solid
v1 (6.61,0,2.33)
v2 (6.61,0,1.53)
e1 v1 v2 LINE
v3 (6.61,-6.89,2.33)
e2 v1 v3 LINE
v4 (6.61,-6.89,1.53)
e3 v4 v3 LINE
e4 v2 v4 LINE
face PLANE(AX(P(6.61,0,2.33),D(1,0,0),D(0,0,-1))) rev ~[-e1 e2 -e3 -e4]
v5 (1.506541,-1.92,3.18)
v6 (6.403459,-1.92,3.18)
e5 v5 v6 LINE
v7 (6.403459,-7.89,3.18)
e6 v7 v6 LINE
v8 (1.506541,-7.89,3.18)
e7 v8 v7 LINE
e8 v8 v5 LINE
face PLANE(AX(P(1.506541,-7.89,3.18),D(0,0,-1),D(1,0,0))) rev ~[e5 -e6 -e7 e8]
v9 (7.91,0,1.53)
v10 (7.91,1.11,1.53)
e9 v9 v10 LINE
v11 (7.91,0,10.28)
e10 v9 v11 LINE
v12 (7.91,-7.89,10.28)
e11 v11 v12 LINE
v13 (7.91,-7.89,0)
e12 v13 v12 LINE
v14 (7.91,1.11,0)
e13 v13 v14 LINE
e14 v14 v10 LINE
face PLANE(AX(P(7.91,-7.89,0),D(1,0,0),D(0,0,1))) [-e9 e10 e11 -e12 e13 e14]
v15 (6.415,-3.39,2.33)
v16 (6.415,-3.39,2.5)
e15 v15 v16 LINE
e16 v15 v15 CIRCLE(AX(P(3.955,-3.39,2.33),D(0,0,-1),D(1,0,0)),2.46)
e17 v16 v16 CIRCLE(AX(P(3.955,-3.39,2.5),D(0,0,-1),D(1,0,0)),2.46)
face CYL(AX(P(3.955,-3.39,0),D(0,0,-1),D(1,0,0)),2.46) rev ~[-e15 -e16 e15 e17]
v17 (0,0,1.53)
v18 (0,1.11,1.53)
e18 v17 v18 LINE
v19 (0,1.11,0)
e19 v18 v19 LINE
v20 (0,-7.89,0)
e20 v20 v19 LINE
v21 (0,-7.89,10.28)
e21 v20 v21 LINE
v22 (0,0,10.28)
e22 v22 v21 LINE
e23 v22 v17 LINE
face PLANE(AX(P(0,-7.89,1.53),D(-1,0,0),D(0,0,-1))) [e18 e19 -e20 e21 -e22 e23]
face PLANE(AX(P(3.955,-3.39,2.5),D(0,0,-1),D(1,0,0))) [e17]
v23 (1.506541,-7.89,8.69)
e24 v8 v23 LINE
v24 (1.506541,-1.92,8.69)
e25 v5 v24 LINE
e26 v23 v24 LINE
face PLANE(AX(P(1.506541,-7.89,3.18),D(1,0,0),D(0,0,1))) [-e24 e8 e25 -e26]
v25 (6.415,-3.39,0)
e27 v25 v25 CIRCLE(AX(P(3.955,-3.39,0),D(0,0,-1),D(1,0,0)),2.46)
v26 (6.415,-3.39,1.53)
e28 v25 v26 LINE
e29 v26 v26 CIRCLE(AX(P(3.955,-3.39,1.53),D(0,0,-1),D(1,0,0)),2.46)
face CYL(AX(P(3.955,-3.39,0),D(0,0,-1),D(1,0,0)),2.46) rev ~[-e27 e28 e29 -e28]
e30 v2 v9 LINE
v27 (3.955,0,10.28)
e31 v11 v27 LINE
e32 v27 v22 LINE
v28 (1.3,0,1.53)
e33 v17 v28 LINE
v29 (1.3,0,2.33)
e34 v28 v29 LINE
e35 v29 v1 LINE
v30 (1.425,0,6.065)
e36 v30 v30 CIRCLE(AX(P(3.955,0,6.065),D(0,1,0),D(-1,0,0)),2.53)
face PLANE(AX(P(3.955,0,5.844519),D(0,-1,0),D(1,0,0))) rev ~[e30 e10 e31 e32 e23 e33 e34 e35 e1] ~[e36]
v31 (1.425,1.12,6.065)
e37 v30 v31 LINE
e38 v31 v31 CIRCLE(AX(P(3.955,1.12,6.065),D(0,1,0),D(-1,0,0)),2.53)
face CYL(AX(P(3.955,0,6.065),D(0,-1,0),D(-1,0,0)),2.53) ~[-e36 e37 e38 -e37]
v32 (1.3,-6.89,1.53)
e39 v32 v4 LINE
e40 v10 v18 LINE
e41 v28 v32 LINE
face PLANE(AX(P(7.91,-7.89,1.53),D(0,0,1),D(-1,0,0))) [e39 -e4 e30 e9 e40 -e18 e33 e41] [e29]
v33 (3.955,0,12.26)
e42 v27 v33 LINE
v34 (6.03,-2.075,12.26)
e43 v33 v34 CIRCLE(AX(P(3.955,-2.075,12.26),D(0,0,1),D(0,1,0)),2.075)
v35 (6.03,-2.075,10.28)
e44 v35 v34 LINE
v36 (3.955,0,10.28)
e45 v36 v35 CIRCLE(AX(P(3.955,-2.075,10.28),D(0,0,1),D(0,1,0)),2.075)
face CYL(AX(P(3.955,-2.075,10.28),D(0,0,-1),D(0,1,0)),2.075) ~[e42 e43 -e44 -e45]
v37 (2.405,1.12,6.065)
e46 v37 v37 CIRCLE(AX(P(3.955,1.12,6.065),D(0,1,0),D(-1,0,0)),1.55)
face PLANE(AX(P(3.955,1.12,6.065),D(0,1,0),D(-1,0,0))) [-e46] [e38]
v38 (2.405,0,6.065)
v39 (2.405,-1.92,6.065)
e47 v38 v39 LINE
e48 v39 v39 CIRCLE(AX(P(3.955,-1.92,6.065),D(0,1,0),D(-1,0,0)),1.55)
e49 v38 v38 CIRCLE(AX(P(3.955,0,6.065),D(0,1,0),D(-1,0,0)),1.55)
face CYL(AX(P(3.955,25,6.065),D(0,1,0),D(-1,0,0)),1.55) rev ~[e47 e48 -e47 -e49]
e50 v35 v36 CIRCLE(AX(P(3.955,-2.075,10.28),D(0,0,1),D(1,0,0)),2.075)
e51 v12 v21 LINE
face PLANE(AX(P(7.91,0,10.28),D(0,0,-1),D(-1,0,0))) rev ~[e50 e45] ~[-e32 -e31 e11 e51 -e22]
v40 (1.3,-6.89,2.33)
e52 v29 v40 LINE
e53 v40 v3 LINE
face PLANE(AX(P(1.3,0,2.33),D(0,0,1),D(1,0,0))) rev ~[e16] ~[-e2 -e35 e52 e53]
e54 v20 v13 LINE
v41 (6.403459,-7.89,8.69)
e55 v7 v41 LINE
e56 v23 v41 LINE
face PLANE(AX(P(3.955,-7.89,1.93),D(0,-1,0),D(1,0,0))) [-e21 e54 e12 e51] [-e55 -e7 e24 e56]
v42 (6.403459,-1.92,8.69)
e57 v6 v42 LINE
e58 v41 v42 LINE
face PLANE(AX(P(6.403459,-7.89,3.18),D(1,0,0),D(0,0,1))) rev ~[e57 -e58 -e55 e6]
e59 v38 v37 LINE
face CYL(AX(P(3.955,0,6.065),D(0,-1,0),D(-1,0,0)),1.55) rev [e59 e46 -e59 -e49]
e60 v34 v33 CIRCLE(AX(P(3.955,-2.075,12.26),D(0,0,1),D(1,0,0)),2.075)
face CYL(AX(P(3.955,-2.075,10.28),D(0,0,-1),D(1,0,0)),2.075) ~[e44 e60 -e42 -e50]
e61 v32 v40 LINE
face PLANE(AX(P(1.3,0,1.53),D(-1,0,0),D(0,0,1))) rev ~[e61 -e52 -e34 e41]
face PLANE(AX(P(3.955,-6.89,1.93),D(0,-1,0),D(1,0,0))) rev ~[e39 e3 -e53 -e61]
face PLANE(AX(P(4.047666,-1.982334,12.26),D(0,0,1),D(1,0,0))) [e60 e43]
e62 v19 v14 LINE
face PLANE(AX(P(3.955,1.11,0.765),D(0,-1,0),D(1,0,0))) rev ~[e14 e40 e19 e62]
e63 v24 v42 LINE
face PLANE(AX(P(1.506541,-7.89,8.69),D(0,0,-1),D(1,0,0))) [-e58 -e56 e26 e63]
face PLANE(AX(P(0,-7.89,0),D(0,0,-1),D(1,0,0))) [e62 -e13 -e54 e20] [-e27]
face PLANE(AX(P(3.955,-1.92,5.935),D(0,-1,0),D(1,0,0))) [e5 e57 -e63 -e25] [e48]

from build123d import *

# Parameters (mm, degrees)
F1_DEPTH  = 7.89
F3_DEPTH  = 9
F4_R      = 1.55
F5_DEPTH  = 25
F6_DEPTH  = 33
F7_R      = 2.53
F7_R_2    = 1.55
F8_DEPTH  = 1.12
F10_DEPTH = 1.98
F11_W     = 5.31
F11_H     = 0.8
F12_DEPTH = 1
F13_W     = 4.8969178084
F13_H     = 5.51
F14_DEPTH = 5.97
F15_R     = 2.46
F16_DEPTH = 2.5


with BuildPart() as f1:
    # F0 (on Front) → F1 (new body)
    with BuildSketch(Plane.XZ):
        Polygon((0, 10.28), (0, 1.53), (1.3, 1.53), (1.3, 2.33), (6.61, 2.33), (6.61, 1.53), (7.91, 1.53), (7.91, 10.28), align=None)
    extrude(amount=F1_DEPTH)

    # F2 (on face) → F3 (join)
    with BuildSketch(Plane.XZ.offset(7.89)):
        Polygon((1.3, 1.53), (0, 1.53), (0, 0), (7.91, 0), (7.91, 1.53), (6.61, 1.53), align=None)
    extrude(amount=-F3_DEPTH)

    # F4 (on face) → F5 (join)
    with BuildSketch(Plane(origin=(0, 0, 0), x_dir=(-1, 0, 0), z_dir=(0, 1, 0))):
        with Locations((-3.955, 6.065)):
            Circle(F4_R)
    extrude(amount=F5_DEPTH)

    # F6 (cut): a face of the model
    f6_faces = [f1.faces().sort_by_distance(p)[0] for p in [
        (3.955, 25, 6.065),
    ]]
    extrude(f6_faces, amount=-F6_DEPTH, mode=Mode.SUBTRACT)

    # F7 (on face) → F8 (join)
    with BuildSketch(Plane(origin=(0, 0, 0), x_dir=(-1, 0, 0), z_dir=(0, 1, 0))):
        with Locations((-3.955, 6.065)):
            Circle(F7_R)
        with Locations((-3.955, 6.065)):
            Circle(F7_R_2, mode=Mode.SUBTRACT)
    extrude(amount=F8_DEPTH)

    # F9 (on face) → F10 (join)
    with BuildSketch(Plane.XY.offset(10.28)):
        with BuildLine():
            ThreePointArc((3.955, 0), (2.487753429, -3.542246571), (6.03, -2.075))
            ThreePointArc((6.03, -2.075), (5.422246571, -0.607753429), (3.955, 0))
        make_face()
    extrude(amount=F10_DEPTH)

    # F11 (on face) → F12 (join)
    with BuildSketch(Plane.XZ.offset(7.89)):
        with Locations((3.955, 1.93)):
            Rectangle(F11_W, F11_H)
    extrude(amount=-F12_DEPTH)

    # F13 (on face) → F14 (cut)
    with BuildSketch(Plane.XZ.offset(7.89)):
        with Locations((3.955, 5.935)):
            Rectangle(F13_W, F13_H)
    extrude(amount=-F14_DEPTH, mode=Mode.SUBTRACT)

    # F15 (on face) → F16 (cut)
    with BuildSketch(Plane(origin=(0, 0, 0), x_dir=(1, 0, 0), z_dir=(0, 0, -1))):
        with Locations((3.955, 3.39)):
            Circle(F15_R)
    extrude(amount=-F16_DEPTH, mode=Mode.SUBTRACT)


solid = f1.part
